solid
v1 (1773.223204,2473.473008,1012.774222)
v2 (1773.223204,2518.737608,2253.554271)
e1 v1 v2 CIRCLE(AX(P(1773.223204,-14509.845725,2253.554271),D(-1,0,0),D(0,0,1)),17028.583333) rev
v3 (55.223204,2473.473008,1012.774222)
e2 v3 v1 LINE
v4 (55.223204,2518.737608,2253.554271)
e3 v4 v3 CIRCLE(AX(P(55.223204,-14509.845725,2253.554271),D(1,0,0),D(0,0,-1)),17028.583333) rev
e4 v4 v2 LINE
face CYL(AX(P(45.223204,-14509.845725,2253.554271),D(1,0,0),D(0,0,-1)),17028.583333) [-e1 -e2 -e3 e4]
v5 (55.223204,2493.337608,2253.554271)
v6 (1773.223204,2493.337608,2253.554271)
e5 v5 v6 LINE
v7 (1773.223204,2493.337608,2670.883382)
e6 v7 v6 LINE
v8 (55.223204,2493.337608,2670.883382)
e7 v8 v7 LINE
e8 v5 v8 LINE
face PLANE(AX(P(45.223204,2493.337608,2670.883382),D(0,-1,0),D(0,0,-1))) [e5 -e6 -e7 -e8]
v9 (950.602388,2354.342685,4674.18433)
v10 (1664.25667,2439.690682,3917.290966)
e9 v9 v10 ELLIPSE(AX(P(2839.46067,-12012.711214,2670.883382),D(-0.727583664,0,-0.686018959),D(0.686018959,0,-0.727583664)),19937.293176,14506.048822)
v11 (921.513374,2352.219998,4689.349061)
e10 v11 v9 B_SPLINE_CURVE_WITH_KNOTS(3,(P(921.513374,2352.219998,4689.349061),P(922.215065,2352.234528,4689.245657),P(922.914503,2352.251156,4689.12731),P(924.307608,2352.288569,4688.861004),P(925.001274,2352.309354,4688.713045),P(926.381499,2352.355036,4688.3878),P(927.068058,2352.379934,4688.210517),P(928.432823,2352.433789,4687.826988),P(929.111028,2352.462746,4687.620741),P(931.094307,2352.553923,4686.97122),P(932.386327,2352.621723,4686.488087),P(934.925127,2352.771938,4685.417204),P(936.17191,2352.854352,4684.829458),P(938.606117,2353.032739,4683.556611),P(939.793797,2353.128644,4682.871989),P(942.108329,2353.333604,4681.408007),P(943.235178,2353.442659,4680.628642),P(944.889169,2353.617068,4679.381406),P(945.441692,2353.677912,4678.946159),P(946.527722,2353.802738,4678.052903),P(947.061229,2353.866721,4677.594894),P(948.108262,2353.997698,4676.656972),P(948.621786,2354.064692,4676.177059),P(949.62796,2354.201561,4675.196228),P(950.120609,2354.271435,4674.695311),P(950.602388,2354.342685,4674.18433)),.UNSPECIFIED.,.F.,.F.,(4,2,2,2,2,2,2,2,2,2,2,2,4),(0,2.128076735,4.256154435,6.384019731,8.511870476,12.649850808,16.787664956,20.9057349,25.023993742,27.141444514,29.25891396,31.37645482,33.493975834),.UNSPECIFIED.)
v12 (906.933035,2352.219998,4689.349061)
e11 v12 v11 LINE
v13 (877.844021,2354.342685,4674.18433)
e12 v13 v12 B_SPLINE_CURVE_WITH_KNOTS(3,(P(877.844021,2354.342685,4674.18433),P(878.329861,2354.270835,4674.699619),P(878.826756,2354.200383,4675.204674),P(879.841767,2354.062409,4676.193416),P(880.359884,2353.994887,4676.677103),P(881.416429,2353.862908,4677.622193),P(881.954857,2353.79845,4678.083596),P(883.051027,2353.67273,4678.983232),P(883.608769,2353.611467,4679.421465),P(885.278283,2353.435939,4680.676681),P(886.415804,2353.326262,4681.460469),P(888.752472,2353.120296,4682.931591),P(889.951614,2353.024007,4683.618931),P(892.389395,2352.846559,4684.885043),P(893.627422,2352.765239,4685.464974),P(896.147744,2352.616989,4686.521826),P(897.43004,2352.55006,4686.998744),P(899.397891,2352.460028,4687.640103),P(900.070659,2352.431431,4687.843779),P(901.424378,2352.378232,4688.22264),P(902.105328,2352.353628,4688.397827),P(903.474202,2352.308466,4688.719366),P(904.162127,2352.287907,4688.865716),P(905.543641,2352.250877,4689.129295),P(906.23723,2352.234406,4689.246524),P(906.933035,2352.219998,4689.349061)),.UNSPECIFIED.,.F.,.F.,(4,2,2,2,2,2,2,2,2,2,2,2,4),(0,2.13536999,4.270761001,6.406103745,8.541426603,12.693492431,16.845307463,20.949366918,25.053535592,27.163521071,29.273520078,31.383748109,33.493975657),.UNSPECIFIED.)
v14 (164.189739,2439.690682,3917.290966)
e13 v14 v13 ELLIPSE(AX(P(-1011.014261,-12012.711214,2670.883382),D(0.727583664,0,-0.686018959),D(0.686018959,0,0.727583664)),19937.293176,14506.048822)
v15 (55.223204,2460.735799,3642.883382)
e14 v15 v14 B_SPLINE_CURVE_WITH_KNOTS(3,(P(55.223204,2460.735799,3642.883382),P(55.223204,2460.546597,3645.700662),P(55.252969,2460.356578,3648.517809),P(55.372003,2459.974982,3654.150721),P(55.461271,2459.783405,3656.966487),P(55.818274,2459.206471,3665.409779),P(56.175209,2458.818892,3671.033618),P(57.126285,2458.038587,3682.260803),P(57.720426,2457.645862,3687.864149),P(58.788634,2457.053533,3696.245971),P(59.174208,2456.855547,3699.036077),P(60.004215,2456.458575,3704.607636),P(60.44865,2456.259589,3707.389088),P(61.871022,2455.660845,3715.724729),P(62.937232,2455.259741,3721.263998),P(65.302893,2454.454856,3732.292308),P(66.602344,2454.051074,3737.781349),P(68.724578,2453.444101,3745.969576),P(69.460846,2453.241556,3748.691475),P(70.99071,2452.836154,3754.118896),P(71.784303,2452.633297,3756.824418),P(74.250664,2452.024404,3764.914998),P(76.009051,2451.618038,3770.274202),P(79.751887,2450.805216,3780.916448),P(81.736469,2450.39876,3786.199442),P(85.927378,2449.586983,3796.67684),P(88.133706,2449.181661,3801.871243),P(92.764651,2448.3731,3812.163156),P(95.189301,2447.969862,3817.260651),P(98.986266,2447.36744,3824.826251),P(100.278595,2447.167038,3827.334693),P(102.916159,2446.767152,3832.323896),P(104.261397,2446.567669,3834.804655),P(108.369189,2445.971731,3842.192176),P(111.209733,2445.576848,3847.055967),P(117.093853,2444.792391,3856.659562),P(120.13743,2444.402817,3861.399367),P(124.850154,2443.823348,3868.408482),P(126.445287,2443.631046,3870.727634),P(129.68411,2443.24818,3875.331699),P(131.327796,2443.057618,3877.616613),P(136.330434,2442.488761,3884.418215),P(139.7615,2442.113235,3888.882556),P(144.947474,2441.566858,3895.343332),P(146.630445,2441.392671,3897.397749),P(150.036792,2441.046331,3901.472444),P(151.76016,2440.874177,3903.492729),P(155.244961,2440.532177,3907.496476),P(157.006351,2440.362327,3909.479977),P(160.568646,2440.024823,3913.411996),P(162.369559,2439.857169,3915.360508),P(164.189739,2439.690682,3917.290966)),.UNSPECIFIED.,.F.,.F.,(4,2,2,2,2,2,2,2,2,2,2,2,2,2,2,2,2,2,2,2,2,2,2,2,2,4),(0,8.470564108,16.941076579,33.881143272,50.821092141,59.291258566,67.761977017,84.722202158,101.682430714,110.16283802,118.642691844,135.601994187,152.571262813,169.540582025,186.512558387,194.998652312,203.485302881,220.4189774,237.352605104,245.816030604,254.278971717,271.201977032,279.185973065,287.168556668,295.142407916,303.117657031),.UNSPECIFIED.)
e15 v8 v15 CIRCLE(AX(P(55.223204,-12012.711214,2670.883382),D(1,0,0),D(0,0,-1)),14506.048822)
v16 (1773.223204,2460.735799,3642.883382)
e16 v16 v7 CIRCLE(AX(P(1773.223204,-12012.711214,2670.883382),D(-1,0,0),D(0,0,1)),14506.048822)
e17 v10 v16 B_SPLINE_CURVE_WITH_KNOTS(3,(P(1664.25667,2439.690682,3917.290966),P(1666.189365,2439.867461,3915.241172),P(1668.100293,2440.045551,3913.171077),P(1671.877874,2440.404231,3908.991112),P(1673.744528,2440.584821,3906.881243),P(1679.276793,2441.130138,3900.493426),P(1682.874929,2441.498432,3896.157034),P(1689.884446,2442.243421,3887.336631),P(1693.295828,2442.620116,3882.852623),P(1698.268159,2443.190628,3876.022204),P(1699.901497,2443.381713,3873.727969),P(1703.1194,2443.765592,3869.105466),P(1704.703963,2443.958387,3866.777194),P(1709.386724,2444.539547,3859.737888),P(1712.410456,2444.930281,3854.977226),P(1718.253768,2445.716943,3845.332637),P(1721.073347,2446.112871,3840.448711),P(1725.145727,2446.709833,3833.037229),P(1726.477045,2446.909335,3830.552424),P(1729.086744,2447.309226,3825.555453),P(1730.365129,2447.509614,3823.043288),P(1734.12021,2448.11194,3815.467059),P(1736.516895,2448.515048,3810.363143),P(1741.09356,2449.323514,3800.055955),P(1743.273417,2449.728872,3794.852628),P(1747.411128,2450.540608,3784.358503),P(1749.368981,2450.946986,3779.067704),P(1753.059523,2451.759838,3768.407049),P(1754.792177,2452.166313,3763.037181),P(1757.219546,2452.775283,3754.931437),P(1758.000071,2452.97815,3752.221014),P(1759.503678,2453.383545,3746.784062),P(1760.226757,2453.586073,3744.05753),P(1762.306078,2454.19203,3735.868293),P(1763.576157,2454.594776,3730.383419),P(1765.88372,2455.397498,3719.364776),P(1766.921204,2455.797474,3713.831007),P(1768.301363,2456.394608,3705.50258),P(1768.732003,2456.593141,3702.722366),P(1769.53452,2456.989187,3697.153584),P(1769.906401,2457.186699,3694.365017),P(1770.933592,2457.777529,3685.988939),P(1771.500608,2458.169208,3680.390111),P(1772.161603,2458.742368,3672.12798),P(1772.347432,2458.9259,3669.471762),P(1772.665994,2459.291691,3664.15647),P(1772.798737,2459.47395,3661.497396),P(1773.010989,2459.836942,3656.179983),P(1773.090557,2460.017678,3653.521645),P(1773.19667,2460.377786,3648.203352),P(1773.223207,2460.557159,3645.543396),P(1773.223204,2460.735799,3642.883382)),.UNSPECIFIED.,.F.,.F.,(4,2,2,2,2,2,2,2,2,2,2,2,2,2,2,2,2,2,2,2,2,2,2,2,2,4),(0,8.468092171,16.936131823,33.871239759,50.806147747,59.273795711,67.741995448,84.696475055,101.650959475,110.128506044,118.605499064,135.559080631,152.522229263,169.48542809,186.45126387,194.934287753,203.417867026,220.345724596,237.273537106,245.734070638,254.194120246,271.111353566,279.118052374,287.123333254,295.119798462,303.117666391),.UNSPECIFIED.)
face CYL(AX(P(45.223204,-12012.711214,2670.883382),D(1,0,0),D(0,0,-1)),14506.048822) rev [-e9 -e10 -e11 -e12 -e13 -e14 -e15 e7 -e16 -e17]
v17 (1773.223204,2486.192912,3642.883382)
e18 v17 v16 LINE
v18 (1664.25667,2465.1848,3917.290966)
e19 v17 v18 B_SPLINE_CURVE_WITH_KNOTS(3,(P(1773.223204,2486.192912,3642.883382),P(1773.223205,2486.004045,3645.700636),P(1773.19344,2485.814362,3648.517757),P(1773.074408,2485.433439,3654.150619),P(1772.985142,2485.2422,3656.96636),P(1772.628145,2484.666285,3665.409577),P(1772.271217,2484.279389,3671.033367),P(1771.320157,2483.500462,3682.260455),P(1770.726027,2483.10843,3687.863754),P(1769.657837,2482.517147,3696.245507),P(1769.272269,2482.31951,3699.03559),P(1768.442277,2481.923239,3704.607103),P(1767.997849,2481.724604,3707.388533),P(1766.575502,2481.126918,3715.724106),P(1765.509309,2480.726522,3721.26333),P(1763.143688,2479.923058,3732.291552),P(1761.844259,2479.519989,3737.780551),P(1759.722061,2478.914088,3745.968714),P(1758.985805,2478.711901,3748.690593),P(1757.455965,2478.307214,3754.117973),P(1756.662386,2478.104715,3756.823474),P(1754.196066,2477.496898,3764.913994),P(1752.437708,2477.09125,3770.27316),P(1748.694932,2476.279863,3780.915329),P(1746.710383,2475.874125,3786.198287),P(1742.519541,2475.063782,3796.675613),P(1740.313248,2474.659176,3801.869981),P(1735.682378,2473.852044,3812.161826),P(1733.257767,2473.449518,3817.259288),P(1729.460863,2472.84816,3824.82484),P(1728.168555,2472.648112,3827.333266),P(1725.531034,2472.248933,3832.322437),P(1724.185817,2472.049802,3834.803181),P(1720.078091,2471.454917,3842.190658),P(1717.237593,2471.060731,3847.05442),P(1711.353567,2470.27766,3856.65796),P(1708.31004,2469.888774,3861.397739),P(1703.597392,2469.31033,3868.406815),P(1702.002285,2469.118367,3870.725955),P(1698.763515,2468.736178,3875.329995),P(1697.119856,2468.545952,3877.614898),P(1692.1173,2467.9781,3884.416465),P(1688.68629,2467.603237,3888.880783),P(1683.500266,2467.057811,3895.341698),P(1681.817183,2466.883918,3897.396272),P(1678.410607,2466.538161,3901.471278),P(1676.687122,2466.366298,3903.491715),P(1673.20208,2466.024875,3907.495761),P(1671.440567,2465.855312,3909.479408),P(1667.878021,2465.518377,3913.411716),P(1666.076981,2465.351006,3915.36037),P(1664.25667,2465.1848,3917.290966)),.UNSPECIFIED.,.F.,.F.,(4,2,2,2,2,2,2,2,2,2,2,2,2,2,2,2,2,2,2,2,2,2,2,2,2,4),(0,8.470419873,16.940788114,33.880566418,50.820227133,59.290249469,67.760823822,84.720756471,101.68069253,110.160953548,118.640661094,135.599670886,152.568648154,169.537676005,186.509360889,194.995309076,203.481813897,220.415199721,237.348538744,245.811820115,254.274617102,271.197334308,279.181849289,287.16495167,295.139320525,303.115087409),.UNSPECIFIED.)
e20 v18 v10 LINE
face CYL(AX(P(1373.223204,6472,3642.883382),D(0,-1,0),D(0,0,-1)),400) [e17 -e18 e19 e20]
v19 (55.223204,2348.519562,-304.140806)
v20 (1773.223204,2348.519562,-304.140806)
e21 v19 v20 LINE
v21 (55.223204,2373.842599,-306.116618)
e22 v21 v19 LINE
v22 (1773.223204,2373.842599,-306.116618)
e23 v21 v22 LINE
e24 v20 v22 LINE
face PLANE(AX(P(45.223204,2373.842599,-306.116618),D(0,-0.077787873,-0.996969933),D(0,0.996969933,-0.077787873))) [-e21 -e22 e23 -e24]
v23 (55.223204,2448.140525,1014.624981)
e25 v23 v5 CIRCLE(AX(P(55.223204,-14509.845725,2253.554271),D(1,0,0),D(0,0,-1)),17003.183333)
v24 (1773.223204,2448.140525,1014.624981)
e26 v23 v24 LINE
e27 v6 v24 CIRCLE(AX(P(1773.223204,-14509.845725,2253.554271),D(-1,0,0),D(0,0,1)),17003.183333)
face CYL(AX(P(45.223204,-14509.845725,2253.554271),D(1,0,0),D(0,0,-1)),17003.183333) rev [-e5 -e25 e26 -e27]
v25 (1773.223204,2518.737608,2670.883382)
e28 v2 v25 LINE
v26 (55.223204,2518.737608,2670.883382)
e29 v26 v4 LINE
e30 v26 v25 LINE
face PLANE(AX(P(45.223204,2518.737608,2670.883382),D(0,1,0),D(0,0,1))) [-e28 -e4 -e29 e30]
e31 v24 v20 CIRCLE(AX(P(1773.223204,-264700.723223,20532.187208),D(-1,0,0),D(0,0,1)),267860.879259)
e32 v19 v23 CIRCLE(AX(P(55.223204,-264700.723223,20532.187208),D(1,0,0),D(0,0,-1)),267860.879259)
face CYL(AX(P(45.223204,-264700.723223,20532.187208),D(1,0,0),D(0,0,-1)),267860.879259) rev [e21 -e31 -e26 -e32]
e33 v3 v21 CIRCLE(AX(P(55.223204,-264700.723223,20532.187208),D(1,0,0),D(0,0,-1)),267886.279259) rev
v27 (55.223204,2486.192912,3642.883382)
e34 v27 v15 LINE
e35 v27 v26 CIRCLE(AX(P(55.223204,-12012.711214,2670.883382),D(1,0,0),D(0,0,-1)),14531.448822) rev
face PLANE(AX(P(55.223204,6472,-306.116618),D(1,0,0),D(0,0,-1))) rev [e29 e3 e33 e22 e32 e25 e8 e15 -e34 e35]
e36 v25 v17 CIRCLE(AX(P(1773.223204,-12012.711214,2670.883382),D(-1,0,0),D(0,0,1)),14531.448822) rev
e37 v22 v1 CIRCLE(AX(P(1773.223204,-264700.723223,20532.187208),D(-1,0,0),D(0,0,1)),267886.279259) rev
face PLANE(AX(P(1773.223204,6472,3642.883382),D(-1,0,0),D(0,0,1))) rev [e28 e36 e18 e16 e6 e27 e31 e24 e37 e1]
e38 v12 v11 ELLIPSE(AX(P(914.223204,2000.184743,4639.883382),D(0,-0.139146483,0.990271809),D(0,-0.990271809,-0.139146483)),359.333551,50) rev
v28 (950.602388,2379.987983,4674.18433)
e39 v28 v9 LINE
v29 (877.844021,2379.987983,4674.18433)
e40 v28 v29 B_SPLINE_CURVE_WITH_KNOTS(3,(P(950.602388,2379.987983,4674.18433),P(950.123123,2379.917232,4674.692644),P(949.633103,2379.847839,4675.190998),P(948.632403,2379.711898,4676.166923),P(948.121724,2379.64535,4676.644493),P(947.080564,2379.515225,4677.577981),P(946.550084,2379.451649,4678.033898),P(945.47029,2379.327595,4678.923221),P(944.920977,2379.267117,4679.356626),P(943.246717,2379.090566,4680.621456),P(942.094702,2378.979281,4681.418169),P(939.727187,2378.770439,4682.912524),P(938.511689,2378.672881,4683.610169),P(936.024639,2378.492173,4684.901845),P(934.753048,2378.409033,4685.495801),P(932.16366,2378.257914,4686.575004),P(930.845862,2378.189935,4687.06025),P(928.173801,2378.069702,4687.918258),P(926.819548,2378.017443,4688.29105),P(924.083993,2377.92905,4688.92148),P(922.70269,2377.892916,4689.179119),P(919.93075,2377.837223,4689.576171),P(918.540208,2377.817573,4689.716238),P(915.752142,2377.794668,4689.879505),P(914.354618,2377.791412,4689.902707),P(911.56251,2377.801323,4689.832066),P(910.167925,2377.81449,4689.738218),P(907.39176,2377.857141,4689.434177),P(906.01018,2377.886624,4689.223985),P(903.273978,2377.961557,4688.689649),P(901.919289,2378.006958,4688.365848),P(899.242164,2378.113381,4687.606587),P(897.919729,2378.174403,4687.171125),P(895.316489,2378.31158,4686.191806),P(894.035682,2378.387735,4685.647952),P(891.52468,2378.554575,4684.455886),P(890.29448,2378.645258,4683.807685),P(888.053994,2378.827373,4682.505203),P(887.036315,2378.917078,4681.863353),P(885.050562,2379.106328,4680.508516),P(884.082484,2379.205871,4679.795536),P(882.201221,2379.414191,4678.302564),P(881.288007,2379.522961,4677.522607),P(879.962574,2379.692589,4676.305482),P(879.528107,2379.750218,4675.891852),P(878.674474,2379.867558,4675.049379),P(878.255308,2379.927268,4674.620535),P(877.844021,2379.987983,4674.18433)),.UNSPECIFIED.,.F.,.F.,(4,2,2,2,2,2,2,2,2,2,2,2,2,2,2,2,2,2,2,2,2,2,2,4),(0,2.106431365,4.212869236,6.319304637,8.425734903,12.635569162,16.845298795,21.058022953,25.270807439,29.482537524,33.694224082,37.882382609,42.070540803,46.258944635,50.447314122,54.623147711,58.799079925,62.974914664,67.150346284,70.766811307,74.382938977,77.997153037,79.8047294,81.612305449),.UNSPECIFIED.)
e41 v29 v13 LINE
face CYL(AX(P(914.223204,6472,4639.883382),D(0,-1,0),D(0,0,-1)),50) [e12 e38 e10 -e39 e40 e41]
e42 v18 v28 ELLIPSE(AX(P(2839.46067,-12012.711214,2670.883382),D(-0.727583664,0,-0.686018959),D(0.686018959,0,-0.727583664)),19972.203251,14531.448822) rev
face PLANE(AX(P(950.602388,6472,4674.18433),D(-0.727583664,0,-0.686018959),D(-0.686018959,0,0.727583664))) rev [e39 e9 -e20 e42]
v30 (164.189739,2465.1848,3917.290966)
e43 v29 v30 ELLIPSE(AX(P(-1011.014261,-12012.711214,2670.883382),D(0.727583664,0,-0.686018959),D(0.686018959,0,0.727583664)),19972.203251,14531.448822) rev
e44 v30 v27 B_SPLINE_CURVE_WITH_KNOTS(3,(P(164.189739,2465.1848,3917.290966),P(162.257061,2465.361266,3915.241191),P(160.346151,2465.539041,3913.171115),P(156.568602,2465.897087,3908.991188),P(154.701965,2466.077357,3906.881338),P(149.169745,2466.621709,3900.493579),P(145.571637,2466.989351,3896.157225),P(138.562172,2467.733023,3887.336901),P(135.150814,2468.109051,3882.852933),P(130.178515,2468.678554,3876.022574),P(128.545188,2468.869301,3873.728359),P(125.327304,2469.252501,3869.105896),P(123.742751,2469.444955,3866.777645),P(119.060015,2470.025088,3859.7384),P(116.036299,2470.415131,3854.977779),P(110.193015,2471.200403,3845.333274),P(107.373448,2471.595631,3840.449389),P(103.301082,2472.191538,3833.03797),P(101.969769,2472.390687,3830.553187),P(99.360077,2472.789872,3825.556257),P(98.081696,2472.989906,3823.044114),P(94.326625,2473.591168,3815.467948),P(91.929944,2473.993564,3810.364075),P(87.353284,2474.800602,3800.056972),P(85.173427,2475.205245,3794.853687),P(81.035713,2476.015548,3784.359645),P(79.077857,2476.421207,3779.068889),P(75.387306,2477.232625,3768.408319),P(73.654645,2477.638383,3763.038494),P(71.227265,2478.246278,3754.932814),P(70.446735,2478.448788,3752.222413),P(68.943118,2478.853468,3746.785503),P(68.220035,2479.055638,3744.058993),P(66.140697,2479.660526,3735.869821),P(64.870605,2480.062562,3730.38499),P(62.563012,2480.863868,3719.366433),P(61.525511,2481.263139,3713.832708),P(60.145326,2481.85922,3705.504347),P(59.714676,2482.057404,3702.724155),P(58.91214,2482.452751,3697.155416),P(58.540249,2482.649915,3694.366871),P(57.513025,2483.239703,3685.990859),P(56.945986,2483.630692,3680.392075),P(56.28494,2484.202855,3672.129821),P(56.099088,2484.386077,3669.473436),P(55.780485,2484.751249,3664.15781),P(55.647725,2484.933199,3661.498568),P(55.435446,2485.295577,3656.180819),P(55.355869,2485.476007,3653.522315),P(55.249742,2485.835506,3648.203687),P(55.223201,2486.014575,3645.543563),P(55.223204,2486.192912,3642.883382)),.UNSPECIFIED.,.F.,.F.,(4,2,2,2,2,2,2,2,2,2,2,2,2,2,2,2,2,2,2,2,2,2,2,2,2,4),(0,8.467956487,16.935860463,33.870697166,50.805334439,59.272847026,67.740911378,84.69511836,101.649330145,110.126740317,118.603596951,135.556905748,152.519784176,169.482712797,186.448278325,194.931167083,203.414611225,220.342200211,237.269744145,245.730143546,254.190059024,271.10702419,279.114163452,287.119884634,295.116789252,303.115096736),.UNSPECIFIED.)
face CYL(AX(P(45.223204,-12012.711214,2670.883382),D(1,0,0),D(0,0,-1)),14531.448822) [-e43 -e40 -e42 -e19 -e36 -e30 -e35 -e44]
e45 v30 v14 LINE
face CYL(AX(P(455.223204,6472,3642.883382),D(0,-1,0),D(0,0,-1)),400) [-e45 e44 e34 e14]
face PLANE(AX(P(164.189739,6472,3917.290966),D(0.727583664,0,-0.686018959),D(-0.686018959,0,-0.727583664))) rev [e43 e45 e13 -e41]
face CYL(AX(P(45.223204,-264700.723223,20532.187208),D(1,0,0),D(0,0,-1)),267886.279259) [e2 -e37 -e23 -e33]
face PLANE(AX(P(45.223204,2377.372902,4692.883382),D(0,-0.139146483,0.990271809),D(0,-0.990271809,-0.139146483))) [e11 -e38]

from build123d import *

# Parameters (mm, degrees)
BOSS_EXTRUDE1_DEPTH      = 1562
BOSS_EXTRUDE1_DEPTH_BACK = 176
SKETCH2_W                = 3363.575860712
SKETCH2_H                = 5970.454949978
CUT_EXTRUDE2_DEPTH       = 6472


with BuildPart() as part:
    # Sketch1 → Boss-Extrude1 (new, two sides: drawn at the far end of the back side and taken through both)
    with BuildSketch(Plane(origin=(221.223204368, 2174.889348435, 3089.353639068), x_dir=(0, 0, -1), z_dir=(1, 0, 0)).offset(-BOSS_EXTRUDE1_DEPTH_BACK)):
        with BuildLine():
            Line((418.470256952, 343.848259545), (835.79936838, 343.848259545))
            ThreePointArc((835.79936838, 343.848259545), (1134.545393582, 341.22748792), (1433.199462208, 333.365979742))
            ThreePointArc((1433.199462208, 333.365979742), (1566.571910766, 328.160677129), (1699.899462208, 321.910138249))
            ThreePointArc((1699.899462208, 321.910138249), (1888.304064269, 311.290467655), (2076.579417193, 298.58365992))
            ThreePointArc((2076.579417193, 298.58365992), (2736.086325953, 249.582434707), (3395.470256952, 198.953250272))
            Line((3395.470256952, 198.953250272), (3393.494444982, 173.63021398))
            ThreePointArc((3393.494444982, 173.63021398), (2734.173034363, 224.25459794), (2074.728657642, 273.251177036))
            ThreePointArc((2074.728657642, 273.251177036), (1886.73413806, 285.939031173), (1698.61056213, 296.542861364))
            ThreePointArc((1698.61056213, 296.542861364), (1565.481883357, 302.784076879), (1432.308374436, 307.981615212))
            ThreePointArc((1432.308374436, 307.981615212), (1134.099781114, 315.831397088), (835.79936838, 318.448259545))
            Line((835.79936838, 318.448259545), (418.470256952, 318.448259545))
            ThreePointArc((418.470256952, 318.448259545), (-593.226075755, 283.125851814), (-1599.995422374, 177.330649619))
            Line((-1599.995422374, 177.330649619), (-1603.529743048, 202.483553574))
            ThreePointArc((-1603.529743048, 202.483553574), (-594.997549653, 308.464002501), (418.470256952, 343.848259545))
        make_face()
    extrude(amount=BOSS_EXTRUDE1_DEPTH + BOSS_EXTRUDE1_DEPTH_BACK)

    # Sketch2 → Cut-Extrude2 (cut)
    with BuildSketch(Plane(origin=(0, 0, 0), x_dir=(1, 0, 0), z_dir=(0, 1, 0))):
        with Locations((788.511086427, -1905.513066648)):
            Rectangle(SKETCH2_W, SKETCH2_H)
        with BuildLine():
            Line((950.602387574, -4674.184330052), (1664.256670016, -3917.290965599))
            ThreePointArc((1664.256670016, -3917.290965599), (1744.984812296, -3790.508945182), (1773.223204368, -3642.883382116))
            Line((1773.223204368, -3642.883382116), (1773.223204368, 306.116617884))
            Line((1773.223204368, 306.116617884), (55.223204368, 306.116617884))
            Line((55.223204368, 306.116617884), (55.223204368, -3642.883382116))
            ThreePointArc((55.223204368, -3642.883382116), (83.461596439, -3790.508945182), (164.18973872, -3917.290965599))
            Line((164.18973872, -3917.290965599), (877.844021162, -4674.184330052))
            ThreePointArc((877.844021162, -4674.184330052), (914.223204368, -4689.883382116), (950.602387574, -4674.184330052))
        make_face(mode=Mode.SUBTRACT)
    extrude(amount=CUT_EXTRUDE2_DEPTH, mode=Mode.SUBTRACT)


solid = part.part
